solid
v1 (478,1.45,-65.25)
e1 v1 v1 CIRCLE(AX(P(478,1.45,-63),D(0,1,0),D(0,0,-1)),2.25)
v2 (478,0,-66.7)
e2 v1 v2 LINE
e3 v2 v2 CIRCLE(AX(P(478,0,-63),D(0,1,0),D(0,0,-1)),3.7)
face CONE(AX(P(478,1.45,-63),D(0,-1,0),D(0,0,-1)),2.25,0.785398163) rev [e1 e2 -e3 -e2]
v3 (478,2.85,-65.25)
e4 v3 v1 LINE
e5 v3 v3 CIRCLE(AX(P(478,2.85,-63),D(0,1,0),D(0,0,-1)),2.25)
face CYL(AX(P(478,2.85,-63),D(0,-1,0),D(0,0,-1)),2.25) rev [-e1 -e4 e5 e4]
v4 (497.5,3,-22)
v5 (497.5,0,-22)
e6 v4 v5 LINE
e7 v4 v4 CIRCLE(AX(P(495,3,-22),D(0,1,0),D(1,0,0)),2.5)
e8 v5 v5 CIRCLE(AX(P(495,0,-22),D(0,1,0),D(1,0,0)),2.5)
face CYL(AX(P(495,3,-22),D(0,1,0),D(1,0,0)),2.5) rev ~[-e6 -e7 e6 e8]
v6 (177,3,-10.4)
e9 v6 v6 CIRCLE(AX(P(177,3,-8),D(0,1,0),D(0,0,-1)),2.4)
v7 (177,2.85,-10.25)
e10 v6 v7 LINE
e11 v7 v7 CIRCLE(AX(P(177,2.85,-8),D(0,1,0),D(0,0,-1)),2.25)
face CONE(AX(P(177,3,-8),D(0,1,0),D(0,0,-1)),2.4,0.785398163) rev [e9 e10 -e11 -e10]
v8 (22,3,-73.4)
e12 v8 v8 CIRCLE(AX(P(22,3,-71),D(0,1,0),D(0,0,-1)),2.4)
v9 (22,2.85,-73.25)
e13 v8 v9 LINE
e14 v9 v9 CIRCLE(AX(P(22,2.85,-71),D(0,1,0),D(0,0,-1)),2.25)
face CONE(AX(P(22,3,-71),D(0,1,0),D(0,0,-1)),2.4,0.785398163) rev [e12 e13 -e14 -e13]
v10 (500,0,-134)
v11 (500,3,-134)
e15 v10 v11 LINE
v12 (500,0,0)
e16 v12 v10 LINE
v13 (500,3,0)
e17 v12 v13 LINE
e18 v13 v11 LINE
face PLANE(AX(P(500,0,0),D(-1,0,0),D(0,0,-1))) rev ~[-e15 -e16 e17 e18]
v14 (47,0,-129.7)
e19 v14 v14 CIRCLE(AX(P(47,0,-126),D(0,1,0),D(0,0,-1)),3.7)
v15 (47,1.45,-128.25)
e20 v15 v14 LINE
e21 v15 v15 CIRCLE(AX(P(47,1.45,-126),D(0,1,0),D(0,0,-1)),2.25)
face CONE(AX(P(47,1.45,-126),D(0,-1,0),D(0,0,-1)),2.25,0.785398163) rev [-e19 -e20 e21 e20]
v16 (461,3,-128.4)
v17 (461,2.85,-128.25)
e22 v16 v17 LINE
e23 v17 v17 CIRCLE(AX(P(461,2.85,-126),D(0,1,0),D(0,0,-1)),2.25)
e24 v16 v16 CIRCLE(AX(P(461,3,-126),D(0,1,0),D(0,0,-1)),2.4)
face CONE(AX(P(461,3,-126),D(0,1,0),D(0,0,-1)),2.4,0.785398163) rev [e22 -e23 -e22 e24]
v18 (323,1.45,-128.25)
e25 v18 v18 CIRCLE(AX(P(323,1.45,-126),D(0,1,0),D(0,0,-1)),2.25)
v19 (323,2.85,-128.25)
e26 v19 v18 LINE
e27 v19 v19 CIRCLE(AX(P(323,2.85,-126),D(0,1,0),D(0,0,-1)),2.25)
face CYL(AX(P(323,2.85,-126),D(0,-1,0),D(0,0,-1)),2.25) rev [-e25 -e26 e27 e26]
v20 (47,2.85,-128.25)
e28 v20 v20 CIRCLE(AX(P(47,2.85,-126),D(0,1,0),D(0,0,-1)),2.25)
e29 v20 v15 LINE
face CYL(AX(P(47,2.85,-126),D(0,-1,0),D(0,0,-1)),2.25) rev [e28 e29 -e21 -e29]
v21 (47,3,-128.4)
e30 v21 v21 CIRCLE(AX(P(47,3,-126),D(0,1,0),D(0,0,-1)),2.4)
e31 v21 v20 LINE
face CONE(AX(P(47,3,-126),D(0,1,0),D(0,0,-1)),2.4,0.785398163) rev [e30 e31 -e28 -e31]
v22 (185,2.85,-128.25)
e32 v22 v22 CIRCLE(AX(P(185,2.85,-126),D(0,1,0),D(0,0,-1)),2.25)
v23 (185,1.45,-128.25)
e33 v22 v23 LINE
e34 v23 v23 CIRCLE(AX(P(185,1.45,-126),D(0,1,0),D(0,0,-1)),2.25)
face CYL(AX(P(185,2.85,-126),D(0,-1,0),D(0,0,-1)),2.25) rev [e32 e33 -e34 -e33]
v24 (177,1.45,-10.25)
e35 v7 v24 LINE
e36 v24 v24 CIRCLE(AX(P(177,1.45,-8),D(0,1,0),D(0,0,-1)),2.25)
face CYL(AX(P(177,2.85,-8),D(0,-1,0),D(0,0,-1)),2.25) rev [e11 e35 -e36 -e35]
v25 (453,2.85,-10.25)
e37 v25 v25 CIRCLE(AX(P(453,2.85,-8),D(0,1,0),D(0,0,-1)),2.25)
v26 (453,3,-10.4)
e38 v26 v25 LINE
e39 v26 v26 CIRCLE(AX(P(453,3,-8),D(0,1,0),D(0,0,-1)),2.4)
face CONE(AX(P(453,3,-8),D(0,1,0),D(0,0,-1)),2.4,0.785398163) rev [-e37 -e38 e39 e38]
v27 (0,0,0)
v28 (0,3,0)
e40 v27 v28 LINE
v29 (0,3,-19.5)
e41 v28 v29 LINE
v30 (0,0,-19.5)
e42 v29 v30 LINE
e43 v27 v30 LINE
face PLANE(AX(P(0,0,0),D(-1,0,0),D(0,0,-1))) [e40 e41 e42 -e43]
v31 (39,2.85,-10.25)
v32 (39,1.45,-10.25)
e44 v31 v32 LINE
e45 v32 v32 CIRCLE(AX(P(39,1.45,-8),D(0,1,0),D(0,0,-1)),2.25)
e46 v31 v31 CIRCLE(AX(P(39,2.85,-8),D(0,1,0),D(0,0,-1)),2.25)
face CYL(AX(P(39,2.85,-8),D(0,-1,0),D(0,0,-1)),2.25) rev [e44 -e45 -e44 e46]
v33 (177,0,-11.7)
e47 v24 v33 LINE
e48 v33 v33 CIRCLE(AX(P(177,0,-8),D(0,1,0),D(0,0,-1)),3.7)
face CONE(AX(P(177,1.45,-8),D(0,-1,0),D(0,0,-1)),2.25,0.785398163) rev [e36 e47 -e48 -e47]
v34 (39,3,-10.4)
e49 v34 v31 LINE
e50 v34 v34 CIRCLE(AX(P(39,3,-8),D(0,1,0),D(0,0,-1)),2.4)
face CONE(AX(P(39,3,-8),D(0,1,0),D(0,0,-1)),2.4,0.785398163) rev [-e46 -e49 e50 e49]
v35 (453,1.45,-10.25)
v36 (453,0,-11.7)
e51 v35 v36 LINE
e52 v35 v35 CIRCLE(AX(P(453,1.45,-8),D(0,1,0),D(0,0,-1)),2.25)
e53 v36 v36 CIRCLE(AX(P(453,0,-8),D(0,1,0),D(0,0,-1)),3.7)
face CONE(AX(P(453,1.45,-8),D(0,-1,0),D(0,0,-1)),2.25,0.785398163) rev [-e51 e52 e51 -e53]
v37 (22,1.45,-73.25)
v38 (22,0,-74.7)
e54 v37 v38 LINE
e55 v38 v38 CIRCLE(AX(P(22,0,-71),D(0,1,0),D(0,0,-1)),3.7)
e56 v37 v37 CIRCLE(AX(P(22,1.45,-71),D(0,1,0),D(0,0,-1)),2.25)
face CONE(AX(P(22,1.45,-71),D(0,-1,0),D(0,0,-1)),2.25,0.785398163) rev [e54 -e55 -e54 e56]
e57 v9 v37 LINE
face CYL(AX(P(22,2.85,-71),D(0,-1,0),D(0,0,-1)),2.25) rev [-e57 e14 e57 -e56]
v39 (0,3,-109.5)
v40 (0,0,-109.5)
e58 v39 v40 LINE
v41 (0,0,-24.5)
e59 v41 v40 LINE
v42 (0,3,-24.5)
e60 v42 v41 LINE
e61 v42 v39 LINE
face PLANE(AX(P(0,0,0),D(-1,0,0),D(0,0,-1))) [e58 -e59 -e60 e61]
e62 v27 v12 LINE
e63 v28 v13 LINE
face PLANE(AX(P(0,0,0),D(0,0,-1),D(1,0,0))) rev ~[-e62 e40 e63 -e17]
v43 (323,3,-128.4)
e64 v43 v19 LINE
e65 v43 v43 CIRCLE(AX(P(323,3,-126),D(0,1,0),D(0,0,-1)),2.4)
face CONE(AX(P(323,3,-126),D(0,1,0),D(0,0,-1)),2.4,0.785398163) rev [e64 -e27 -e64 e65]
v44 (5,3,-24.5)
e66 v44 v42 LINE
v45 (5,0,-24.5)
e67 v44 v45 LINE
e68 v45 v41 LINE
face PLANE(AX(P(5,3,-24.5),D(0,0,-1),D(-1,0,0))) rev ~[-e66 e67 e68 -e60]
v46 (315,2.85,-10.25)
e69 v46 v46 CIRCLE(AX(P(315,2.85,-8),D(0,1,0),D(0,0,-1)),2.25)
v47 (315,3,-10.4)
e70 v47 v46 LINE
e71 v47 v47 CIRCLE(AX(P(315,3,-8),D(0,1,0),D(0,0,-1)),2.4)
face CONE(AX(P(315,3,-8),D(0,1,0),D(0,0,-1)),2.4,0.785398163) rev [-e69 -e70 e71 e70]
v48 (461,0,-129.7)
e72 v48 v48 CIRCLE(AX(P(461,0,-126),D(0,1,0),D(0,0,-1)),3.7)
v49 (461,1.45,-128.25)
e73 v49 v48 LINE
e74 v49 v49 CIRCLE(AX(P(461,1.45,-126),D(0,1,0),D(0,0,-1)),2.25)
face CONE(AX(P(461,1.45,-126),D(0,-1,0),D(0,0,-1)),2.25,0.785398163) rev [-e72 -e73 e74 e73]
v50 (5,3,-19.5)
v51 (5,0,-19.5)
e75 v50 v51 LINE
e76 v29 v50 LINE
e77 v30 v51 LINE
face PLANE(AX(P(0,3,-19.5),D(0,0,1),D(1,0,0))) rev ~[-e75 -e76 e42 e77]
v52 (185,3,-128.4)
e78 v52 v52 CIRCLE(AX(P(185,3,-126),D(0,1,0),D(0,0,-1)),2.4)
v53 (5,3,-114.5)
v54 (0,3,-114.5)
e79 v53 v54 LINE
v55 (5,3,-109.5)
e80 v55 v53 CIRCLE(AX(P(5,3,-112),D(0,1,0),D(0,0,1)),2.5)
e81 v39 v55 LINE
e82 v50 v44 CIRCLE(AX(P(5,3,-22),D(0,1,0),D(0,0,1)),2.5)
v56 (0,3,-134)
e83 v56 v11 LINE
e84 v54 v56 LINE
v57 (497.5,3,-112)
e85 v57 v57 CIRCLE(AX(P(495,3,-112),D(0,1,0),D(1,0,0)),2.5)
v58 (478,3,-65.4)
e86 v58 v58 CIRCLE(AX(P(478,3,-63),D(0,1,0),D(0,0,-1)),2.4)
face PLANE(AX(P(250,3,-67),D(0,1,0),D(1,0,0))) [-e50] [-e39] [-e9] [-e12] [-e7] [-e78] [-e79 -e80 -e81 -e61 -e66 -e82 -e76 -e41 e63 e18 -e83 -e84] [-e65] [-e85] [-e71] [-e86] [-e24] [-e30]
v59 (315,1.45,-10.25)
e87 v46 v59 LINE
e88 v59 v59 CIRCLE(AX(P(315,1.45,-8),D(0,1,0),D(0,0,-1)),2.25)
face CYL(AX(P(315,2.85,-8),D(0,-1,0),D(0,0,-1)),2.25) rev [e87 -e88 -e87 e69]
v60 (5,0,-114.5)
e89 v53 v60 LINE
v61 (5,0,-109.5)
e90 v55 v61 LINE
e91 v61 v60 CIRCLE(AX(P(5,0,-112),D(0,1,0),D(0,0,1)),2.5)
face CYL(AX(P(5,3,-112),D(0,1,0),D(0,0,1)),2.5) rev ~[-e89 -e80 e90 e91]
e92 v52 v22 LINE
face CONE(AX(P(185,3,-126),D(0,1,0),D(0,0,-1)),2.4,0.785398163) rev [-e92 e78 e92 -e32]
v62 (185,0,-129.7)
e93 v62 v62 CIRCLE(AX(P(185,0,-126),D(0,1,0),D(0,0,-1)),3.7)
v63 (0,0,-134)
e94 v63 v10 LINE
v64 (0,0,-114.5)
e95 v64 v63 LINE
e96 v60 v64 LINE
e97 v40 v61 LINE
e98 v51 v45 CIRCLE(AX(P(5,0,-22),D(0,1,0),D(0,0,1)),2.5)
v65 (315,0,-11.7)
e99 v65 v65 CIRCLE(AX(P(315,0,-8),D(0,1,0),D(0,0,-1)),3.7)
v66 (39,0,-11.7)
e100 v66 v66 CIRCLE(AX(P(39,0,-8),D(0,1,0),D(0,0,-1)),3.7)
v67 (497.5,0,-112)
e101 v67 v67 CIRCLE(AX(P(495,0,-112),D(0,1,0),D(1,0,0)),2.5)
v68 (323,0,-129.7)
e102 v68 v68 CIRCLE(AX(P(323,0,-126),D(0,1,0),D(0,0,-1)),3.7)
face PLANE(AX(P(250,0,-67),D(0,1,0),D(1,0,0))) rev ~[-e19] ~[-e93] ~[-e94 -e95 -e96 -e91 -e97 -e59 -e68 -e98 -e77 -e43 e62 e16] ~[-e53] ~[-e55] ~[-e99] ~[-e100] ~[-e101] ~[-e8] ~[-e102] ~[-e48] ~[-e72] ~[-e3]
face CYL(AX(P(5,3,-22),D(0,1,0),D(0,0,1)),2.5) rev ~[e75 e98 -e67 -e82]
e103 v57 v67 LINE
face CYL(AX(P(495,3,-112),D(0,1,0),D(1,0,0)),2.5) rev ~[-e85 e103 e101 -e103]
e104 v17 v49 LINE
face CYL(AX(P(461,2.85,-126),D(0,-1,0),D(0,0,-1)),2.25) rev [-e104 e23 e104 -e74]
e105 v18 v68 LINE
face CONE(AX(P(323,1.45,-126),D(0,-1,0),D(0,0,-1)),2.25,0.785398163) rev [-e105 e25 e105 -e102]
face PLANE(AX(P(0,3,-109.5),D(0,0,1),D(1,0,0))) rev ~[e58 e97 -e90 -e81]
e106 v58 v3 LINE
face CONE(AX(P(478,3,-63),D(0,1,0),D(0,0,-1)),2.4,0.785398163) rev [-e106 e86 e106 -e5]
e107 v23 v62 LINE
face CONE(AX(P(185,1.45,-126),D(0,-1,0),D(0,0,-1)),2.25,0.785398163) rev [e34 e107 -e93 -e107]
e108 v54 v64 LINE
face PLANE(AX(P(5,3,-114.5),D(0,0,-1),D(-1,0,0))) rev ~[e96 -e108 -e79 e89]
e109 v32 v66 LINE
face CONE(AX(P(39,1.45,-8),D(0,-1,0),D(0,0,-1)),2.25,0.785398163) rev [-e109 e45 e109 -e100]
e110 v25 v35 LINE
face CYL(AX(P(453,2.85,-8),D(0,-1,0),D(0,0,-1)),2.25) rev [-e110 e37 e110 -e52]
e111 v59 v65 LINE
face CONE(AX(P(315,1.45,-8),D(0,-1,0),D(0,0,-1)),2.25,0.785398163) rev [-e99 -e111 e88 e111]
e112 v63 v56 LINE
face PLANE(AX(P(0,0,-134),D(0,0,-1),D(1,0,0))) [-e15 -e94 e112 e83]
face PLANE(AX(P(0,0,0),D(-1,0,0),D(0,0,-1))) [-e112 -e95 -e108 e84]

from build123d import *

# Parameters (mm, degrees)
SKETCH_2_W                  = 500
SKETCH_2_H                  = 134
EXTRUDE_1_DEPTH             = 3
SKETCH_3_R                  = 2.5
CUT_EXTRUDE_1_DEPTH         = 4
HOLE_WIZARD_M41_AT_2_COUNT  = 2
HOLE_WIZARD_M41_AT_2_PITCH  = 138
HOLE_WIZARD_M41_AT_3_COUNT  = 2
HOLE_WIZARD_M41_AT_3_PITCH  = 167.314075917
HOLE_WIZARD_M41_AT_4_COUNT  = 2
HOLE_WIZARD_M41_AT_4_PITCH  = 175.567650779
HOLE_WIZARD_M41_AT_5_COUNT  = 2
HOLE_WIZARD_M41_AT_5_PITCH  = 118.270875536
HOLE_WIZARD_M41_AT_6_COUNT  = 2
HOLE_WIZARD_M41_AT_6_PITCH  = 187.723200484
HOLE_WIZARD_M41_AT_7_COUNT  = 2
HOLE_WIZARD_M41_AT_7_PITCH  = 307.538615462
HOLE_WIZARD_M41_AT_8_COUNT  = 2
HOLE_WIZARD_M41_AT_8_PITCH  = 305.983659694
HOLE_WIZARD_M41_AT_9_COUNT  = 2
HOLE_WIZARD_M41_AT_9_PITCH  = 276
HOLE_WIZARD_M41_AT_10_COUNT = 2
HOLE_WIZARD_M41_AT_10_PITCH = 138


with BuildPart() as part:
    # Эскиз2 → Бобышка-Вытянуть1 (new body)
    with BuildSketch(Plane(origin=(0, 0, 0), x_dir=(1, 0, 0), z_dir=(0, 1, 0))):
        with Locations((250, 67)):
            Rectangle(SKETCH_2_W, SKETCH_2_H)
    extrude(amount=EXTRUDE_1_DEPTH)

    # Эскиз3 → Вырез-Вытянуть1 (cut, through all)
    with BuildSketch(Plane(origin=(0, 3, 0), x_dir=(1, 0, 0), z_dir=(0, 1, 0))):
        with BuildLine():
            ThreePointArc((5, 109.5), (7.5, 112), (5, 114.5))
            Line((5, 114.5), (0, 114.5))
            Line((0, 114.5), (0, 109.5))
            Line((0, 109.5), (5, 109.5))
        make_face()
        with BuildLine():
            Line((5, 24.5), (0, 24.5))
            Line((0, 24.5), (0, 19.5))
            Line((0, 19.5), (5, 19.5))
            ThreePointArc((5, 19.5), (7.5, 22), (5, 24.5))
        make_face()
        with Locations((495, 22)):
            Circle(SKETCH_3_R)
        with Locations((495, 112)):
            Circle(SKETCH_3_R)
    extrude(amount=-CUT_EXTRUDE_1_DEPTH, mode=Mode.SUBTRACT)

    # Эскиз4 → Зенковка для винта с потайной головкой M41 (revolve, cut)
    with BuildSketch(Plane(origin=(177, 0, -8), x_dir=(0, 0, -1), z_dir=(1, 0, 0))):
        Polygon((0, 0), (0, 3), (2.4, 3), (2.25, 2.85), (2.25, 1.45), (3.7, 0), align=None)
    hole_wizard_m41 = revolve(axis=Axis((177, -6.35, -8), (0, 1, 0)), mode=Mode.SUBTRACT)

    # Зенковка для винта с потайной головкой M41 at 2: Зенковка для винта с потайной головкой M41 ×2
    with Locations(*[(-i * HOLE_WIZARD_M41_AT_2_PITCH, 0, 0) for i in range(1, HOLE_WIZARD_M41_AT_2_COUNT)]):
        add(hole_wizard_m41, mode=Mode.SUBTRACT)

    # Зенковка для винта с потайной головкой M41 at 3: Зенковка для винта с потайной головкой M41 ×2
    with Locations(*[Vector(-0.926401435, 0, -0.376537357) * (i * HOLE_WIZARD_M41_AT_3_PITCH) for i in range(1, HOLE_WIZARD_M41_AT_3_COUNT)]):
        add(hole_wizard_m41, mode=Mode.SUBTRACT)

    # Зенковка для винта с потайной головкой M41 at 4: Зенковка для винта с потайной головкой M41 ×2
    with Locations(*[Vector(-0.740455314, 0, -0.672105593) * (i * HOLE_WIZARD_M41_AT_4_PITCH) for i in range(1, HOLE_WIZARD_M41_AT_4_COUNT)]):
        add(hole_wizard_m41, mode=Mode.SUBTRACT)

    # Зенковка для винта с потайной головкой M41 at 5: Зенковка для винта с потайной головкой M41 ×2
    with Locations(*[Vector(0.067641336, 0, -0.997709702) * (i * HOLE_WIZARD_M41_AT_5_PITCH) for i in range(1, HOLE_WIZARD_M41_AT_5_COUNT)]):
        add(hole_wizard_m41, mode=Mode.SUBTRACT)

    # Зенковка для винта с потайной головкой M41 at 6: Зенковка для винта с потайной головкой M41 ×2
    with Locations(*[Vector(0.777740842, 0, -0.628585064) * (i * HOLE_WIZARD_M41_AT_6_PITCH) for i in range(1, HOLE_WIZARD_M41_AT_6_COUNT)]):
        add(hole_wizard_m41, mode=Mode.SUBTRACT)

    # Зенковка для винта с потайной головкой M41 at 7: Зенковка для винта с потайной головкой M41 ×2
    with Locations(*[Vector(0.923461269, 0, -0.383691654) * (i * HOLE_WIZARD_M41_AT_7_PITCH) for i in range(1, HOLE_WIZARD_M41_AT_7_COUNT)]):
        add(hole_wizard_m41, mode=Mode.SUBTRACT)

    # Зенковка для винта с потайной головкой M41 at 8: Зенковка для винта с потайной головкой M41 ×2
    with Locations(*[Vector(0.983712661, 0, -0.179748161) * (i * HOLE_WIZARD_M41_AT_8_PITCH) for i in range(1, HOLE_WIZARD_M41_AT_8_COUNT)]):
        add(hole_wizard_m41, mode=Mode.SUBTRACT)

    # Зенковка для винта с потайной головкой M41 at 9: Зенковка для винта с потайной головкой M41 ×2
    with Locations(*[(i * HOLE_WIZARD_M41_AT_9_PITCH, 0, 0) for i in range(1, HOLE_WIZARD_M41_AT_9_COUNT)]):
        add(hole_wizard_m41, mode=Mode.SUBTRACT)

    # Зенковка для винта с потайной головкой M41 at 10: Зенковка для винта с потайной головкой M41 ×2
    with Locations(*[(i * HOLE_WIZARD_M41_AT_10_PITCH, 0, 0) for i in range(1, HOLE_WIZARD_M41_AT_10_COUNT)]):
        add(hole_wizard_m41, mode=Mode.SUBTRACT)


solid = part.part
